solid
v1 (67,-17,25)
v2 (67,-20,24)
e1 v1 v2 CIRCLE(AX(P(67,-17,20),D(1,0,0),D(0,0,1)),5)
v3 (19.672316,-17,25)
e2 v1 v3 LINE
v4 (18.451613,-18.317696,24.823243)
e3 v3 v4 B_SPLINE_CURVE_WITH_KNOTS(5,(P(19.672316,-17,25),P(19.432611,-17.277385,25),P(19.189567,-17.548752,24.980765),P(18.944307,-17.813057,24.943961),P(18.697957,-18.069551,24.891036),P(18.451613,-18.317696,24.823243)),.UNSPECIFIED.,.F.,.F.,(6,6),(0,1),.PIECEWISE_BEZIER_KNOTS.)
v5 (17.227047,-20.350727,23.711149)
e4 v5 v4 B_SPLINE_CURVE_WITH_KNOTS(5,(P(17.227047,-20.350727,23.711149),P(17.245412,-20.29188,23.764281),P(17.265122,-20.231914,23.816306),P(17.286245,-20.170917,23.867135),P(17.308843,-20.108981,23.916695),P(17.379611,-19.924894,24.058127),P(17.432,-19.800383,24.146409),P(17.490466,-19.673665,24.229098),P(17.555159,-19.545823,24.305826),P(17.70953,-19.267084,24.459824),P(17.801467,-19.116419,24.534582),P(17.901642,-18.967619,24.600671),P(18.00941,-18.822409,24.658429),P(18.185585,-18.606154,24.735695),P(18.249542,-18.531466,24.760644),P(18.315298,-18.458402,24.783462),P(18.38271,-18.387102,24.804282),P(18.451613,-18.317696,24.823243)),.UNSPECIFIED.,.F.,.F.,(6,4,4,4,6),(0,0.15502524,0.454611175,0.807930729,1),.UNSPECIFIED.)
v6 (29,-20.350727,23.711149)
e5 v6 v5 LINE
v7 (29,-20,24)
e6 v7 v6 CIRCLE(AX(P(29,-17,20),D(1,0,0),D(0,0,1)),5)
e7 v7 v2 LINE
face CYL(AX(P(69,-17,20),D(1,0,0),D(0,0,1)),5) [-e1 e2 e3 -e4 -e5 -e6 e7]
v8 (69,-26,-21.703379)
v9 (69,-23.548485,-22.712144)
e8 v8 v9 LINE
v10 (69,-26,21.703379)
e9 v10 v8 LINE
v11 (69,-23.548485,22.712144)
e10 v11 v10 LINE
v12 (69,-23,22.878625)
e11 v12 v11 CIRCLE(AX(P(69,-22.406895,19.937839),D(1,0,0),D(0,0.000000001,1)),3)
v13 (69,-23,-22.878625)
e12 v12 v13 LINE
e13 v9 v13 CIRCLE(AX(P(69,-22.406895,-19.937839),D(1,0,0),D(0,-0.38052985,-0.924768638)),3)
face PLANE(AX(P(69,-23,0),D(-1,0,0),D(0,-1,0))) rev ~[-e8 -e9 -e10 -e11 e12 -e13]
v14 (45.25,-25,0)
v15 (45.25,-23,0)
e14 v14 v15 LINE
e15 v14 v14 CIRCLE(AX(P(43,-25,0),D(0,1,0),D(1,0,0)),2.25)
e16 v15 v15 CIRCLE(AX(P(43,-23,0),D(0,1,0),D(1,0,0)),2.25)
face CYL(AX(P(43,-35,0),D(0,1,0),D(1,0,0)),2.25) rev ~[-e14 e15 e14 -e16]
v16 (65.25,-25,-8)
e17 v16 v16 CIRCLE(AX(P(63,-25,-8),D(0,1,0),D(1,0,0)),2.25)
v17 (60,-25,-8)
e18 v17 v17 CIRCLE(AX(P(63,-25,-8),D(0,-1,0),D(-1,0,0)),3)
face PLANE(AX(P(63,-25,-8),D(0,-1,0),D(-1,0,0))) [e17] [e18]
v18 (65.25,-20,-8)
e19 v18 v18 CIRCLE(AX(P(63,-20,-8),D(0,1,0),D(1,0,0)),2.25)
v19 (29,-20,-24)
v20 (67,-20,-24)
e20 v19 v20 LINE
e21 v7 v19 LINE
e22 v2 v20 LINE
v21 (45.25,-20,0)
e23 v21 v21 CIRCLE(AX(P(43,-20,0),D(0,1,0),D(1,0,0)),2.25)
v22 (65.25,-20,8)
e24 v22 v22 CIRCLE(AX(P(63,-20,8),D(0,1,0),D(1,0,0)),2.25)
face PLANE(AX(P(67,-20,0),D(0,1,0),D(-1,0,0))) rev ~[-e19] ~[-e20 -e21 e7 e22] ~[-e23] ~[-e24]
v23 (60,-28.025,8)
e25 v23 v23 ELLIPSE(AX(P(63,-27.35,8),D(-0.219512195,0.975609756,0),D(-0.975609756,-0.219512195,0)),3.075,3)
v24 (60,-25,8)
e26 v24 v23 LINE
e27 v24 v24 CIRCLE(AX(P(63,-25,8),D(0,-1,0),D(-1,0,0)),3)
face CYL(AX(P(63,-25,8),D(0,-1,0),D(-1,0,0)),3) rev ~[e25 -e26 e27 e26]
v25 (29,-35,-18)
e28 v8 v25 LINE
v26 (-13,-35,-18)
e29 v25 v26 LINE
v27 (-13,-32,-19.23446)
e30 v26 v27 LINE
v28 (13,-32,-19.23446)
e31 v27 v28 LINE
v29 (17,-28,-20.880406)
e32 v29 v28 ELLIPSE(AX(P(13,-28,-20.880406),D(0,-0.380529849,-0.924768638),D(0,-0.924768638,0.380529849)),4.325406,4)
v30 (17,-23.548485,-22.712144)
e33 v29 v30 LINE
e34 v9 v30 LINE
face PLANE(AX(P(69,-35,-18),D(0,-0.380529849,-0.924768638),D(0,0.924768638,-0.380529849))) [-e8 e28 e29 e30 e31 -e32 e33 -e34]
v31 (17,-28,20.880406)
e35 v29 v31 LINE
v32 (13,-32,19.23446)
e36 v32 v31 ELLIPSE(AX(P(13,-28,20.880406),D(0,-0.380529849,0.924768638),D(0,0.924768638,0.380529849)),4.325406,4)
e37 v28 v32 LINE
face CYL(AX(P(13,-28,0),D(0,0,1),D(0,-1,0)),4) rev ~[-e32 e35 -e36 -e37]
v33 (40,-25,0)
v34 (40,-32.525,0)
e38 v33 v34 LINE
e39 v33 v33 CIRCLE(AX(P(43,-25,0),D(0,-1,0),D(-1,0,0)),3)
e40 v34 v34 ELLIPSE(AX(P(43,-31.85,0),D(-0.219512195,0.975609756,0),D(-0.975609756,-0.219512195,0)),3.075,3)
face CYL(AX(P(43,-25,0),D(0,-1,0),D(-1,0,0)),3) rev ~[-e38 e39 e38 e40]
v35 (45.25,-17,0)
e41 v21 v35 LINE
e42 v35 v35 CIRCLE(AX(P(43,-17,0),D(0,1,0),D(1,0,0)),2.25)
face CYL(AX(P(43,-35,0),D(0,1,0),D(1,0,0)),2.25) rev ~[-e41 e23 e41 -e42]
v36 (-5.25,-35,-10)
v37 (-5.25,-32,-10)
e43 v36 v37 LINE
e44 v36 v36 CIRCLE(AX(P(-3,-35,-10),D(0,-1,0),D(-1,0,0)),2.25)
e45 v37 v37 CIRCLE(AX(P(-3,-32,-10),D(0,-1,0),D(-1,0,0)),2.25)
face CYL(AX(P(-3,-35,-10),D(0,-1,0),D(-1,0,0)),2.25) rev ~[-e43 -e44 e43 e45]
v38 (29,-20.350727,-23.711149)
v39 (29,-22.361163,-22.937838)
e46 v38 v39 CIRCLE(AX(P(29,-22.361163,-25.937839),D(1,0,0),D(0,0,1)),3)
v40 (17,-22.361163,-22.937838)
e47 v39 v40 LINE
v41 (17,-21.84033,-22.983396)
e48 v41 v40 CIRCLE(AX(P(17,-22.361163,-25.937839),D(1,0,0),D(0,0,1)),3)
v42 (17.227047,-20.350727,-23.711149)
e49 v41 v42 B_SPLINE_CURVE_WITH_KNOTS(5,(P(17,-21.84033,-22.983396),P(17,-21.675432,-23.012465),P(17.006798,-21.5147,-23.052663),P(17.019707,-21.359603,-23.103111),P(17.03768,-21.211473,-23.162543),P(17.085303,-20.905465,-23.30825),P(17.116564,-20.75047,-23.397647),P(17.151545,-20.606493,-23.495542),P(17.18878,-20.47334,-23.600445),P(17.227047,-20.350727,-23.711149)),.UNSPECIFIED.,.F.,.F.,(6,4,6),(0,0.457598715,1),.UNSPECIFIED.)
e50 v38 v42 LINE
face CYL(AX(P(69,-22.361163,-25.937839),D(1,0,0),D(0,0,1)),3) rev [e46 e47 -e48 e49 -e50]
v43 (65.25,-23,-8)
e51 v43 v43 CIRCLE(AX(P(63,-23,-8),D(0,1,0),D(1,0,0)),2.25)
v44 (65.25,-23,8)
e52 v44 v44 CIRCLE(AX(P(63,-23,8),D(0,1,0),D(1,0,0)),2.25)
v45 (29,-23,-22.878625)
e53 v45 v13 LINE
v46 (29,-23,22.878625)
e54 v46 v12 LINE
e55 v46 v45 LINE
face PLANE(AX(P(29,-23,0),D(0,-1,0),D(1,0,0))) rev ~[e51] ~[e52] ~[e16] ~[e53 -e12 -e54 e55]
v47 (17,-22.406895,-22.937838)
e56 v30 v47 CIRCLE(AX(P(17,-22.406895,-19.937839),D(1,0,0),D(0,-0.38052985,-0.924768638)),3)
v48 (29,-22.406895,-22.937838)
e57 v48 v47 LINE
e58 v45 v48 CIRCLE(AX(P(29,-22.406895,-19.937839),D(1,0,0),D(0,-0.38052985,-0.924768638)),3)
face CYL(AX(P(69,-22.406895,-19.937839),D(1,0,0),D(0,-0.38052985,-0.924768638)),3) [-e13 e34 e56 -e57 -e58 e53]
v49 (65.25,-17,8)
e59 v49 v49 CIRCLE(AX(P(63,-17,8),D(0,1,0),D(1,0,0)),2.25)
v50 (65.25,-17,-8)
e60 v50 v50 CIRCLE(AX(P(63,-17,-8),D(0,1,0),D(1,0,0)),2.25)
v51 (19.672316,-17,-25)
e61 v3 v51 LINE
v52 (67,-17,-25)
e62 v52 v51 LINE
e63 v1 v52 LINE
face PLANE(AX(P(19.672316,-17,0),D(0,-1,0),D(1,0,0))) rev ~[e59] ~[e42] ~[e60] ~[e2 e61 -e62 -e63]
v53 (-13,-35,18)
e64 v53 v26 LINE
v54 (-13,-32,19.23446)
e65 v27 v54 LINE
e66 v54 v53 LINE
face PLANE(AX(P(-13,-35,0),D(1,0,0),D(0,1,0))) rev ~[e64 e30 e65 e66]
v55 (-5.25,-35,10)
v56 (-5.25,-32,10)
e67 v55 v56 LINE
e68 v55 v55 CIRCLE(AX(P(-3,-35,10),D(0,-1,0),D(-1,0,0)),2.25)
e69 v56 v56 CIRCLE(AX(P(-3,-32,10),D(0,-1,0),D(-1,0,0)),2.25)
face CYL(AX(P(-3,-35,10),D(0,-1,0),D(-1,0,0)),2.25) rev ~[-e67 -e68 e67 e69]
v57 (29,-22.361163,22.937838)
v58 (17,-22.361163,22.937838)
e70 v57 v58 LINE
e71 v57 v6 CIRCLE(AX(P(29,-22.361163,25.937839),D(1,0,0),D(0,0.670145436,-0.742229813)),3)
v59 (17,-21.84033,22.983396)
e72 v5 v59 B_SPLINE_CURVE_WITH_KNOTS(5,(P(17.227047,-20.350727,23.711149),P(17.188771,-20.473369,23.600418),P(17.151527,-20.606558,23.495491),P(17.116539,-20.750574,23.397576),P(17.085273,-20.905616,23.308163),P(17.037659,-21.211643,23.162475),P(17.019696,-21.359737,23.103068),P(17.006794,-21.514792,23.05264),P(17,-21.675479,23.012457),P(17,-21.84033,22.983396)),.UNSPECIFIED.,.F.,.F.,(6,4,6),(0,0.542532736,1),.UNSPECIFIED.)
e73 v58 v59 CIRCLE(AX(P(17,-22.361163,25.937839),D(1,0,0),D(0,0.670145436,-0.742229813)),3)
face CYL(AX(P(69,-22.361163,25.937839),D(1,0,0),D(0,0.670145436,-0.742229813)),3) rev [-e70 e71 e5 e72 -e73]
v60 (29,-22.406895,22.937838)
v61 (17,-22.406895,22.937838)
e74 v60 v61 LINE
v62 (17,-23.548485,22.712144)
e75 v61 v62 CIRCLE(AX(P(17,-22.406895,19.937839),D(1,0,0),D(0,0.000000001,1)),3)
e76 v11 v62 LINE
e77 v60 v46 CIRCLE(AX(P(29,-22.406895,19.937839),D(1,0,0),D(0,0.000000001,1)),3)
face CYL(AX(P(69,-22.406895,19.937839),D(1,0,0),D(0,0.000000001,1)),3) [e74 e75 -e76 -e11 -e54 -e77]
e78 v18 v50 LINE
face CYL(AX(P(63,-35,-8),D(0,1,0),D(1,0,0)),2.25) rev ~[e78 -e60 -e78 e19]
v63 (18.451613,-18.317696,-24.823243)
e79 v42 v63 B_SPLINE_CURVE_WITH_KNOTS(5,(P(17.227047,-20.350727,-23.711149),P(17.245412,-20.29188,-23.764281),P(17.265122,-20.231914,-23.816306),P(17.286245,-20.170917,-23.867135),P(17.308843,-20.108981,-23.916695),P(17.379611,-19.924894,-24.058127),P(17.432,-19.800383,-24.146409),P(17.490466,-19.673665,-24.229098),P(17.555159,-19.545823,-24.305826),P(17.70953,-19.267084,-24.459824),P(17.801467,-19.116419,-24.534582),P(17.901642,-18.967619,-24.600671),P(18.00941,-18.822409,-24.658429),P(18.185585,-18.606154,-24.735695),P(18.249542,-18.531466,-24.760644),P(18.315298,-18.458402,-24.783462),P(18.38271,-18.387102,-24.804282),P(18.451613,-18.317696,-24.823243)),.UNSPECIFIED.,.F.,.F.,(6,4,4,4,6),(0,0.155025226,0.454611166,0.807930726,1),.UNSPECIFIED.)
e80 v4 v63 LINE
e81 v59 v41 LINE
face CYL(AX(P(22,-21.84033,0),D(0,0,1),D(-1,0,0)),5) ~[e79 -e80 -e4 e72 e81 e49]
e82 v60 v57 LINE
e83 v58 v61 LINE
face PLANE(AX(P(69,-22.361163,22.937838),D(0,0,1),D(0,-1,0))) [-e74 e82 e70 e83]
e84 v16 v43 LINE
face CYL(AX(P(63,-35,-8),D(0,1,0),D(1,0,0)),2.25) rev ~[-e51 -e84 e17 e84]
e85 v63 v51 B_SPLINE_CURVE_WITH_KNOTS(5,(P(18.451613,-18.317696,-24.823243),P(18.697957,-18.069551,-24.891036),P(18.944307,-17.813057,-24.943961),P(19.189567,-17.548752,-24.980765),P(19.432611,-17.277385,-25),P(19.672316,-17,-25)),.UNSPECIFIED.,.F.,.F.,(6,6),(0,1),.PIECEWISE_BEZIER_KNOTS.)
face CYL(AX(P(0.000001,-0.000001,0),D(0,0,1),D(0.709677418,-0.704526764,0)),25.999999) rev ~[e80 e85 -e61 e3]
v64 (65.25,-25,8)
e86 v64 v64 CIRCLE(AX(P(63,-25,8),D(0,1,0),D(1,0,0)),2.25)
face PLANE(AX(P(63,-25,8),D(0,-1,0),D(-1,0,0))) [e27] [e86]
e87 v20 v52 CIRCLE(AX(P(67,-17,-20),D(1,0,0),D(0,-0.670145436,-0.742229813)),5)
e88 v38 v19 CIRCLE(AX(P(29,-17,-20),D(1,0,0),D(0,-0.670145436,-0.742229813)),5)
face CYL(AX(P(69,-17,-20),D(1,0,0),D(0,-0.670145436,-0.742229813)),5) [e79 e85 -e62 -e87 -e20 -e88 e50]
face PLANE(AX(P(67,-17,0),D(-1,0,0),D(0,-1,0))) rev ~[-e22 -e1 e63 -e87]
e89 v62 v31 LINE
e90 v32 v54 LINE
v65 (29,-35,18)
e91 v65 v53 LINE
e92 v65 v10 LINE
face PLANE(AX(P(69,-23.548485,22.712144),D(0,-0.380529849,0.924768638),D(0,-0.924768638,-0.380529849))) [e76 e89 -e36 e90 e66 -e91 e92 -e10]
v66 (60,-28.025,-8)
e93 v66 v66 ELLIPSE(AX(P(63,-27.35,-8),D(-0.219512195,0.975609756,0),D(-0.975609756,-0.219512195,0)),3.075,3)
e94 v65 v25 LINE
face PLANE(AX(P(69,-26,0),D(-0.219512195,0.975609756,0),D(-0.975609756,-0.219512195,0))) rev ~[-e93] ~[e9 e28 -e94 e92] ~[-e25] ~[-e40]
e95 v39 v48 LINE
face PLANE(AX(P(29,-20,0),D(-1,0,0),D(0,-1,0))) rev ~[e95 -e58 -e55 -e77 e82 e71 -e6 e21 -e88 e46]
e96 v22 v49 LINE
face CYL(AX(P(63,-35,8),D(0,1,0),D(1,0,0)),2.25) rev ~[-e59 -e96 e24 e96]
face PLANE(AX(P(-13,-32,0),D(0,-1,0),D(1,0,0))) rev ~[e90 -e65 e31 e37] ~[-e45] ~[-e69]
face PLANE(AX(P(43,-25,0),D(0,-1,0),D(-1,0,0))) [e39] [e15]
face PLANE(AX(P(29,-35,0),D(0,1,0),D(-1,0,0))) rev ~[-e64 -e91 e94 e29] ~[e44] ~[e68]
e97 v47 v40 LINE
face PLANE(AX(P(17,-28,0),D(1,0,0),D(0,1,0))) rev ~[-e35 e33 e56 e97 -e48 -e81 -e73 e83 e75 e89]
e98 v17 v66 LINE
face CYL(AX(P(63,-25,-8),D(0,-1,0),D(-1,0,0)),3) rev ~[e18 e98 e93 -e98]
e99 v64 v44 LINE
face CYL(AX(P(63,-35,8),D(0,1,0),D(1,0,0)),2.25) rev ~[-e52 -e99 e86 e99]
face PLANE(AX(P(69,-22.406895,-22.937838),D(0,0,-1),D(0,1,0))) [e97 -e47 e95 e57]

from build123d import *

# Parameters (mm, degrees)
BOSS_EXTRUDE1_DEPTH = 30
CUT_EXTRUDE1_DEPTH  = 82
SKETCH3_R           = 2.25
CUT_EXTRUDE2_DEPTH  = 60
HOLE2_D             = 4.5
HOLE2_CBORE_D       = 6
HOLE2_CBORE_DEPTH   = 10


with BuildPart() as part:
    # Sketch1 → Boss-Extrude1 (new body, symmetric)
    with BuildSketch(Plane.XY):
        with BuildLine():
            Line((17, -28), (17, -21.840329668))
            ThreePointArc((17, -21.840329668), (17.377125597, -19.935327763), (18.451612903, -18.31769585))
            ThreePointArc((18.451612903, -18.31769585), (19.07334688, -17.669392712), (19.672315573, -17))
            Line((19.672315573, -17), (67, -17))
            Line((67, -17), (67, -20))
            Line((67, -20), (29, -20))
            Line((29, -20), (29, -23))
            Line((29, -23), (69, -23))
            Line((69, -23), (69, -26))
            Line((69, -26), (29, -35))
            Line((29, -35), (-13, -35))
            Line((-13, -35), (-13, -32))
            Line((-13, -32), (13, -32))
            ThreePointArc((13, -32), (15.828427125, -30.828427125), (17, -28))
        make_face()
    extrude(amount=BOSS_EXTRUDE1_DEPTH, both=True)

    # Sketch2 → Cut-Extrude1 (cut)
    with BuildSketch(Plane(origin=(69, 0, 0), x_dir=(0, 0, -1), z_dir=(1, 0, 0))):
        with BuildLine():
            Line((-22.937838499, -22.36116349), (-22.937838499, -22.406895186))
            ThreePointArc((-22.937838499, -22.406895186), (-22.880874155, -22.988738058), (-22.712144413, -23.548484732))
            Line((-22.712144413, -23.548484732), (-18, -35))
            Line((-18, -35), (-30, -35))
            Line((-30, -35), (-30, -17))
            Line((-30, -17), (-25, -17))
            ThreePointArc((-25, -17), (-24.666676832, -18.795028508), (-23.711149062, -20.350727181))
            ThreePointArc((-23.711149062, -20.350727181), (-23.1378324, -21.284146385), (-22.937838499, -22.36116349))
        make_face()
        with BuildLine():
            Line((30, -35), (18, -35))
            Line((18, -35), (22.712144413, -23.548484732))
            ThreePointArc((22.712144413, -23.548484732), (22.880874155, -22.988738058), (22.937838499, -22.406895186))
            Line((22.937838499, -22.406895186), (22.937838499, -22.36116349))
            ThreePointArc((22.937838499, -22.36116349), (23.1378324, -21.284146385), (23.711149062, -20.350727181))
            ThreePointArc((23.711149062, -20.350727181), (24.666676832, -18.795028508), (25, -17))
            Line((25, -17), (30, -17))
            Line((30, -17), (30, -35))
        make_face()
    extrude(amount=-CUT_EXTRUDE1_DEPTH, mode=Mode.SUBTRACT)

    # Sketch3 → Cut-Extrude2 (cut)
    with BuildSketch(Plane(origin=(0, -35, 0), x_dir=(-1, 0, 0), z_dir=(0, -1, 0))):
        with Locations((3, -10)):
            Circle(SKETCH3_R)
        with Locations((3, 10)):
            Circle(SKETCH3_R)
    extrude(amount=-CUT_EXTRUDE2_DEPTH, mode=Mode.SUBTRACT)

    # Hole2 (through all)
    with Locations(Plane(origin=(0, -35, 0), x_dir=(-1, 0, 0), z_dir=(0, -1, 0))):
        with Locations((-63, 8), (-63, -8), (-43, 0)):
            CounterBoreHole(HOLE2_D / 2, HOLE2_CBORE_D / 2, HOLE2_CBORE_DEPTH)


solid = part.part
